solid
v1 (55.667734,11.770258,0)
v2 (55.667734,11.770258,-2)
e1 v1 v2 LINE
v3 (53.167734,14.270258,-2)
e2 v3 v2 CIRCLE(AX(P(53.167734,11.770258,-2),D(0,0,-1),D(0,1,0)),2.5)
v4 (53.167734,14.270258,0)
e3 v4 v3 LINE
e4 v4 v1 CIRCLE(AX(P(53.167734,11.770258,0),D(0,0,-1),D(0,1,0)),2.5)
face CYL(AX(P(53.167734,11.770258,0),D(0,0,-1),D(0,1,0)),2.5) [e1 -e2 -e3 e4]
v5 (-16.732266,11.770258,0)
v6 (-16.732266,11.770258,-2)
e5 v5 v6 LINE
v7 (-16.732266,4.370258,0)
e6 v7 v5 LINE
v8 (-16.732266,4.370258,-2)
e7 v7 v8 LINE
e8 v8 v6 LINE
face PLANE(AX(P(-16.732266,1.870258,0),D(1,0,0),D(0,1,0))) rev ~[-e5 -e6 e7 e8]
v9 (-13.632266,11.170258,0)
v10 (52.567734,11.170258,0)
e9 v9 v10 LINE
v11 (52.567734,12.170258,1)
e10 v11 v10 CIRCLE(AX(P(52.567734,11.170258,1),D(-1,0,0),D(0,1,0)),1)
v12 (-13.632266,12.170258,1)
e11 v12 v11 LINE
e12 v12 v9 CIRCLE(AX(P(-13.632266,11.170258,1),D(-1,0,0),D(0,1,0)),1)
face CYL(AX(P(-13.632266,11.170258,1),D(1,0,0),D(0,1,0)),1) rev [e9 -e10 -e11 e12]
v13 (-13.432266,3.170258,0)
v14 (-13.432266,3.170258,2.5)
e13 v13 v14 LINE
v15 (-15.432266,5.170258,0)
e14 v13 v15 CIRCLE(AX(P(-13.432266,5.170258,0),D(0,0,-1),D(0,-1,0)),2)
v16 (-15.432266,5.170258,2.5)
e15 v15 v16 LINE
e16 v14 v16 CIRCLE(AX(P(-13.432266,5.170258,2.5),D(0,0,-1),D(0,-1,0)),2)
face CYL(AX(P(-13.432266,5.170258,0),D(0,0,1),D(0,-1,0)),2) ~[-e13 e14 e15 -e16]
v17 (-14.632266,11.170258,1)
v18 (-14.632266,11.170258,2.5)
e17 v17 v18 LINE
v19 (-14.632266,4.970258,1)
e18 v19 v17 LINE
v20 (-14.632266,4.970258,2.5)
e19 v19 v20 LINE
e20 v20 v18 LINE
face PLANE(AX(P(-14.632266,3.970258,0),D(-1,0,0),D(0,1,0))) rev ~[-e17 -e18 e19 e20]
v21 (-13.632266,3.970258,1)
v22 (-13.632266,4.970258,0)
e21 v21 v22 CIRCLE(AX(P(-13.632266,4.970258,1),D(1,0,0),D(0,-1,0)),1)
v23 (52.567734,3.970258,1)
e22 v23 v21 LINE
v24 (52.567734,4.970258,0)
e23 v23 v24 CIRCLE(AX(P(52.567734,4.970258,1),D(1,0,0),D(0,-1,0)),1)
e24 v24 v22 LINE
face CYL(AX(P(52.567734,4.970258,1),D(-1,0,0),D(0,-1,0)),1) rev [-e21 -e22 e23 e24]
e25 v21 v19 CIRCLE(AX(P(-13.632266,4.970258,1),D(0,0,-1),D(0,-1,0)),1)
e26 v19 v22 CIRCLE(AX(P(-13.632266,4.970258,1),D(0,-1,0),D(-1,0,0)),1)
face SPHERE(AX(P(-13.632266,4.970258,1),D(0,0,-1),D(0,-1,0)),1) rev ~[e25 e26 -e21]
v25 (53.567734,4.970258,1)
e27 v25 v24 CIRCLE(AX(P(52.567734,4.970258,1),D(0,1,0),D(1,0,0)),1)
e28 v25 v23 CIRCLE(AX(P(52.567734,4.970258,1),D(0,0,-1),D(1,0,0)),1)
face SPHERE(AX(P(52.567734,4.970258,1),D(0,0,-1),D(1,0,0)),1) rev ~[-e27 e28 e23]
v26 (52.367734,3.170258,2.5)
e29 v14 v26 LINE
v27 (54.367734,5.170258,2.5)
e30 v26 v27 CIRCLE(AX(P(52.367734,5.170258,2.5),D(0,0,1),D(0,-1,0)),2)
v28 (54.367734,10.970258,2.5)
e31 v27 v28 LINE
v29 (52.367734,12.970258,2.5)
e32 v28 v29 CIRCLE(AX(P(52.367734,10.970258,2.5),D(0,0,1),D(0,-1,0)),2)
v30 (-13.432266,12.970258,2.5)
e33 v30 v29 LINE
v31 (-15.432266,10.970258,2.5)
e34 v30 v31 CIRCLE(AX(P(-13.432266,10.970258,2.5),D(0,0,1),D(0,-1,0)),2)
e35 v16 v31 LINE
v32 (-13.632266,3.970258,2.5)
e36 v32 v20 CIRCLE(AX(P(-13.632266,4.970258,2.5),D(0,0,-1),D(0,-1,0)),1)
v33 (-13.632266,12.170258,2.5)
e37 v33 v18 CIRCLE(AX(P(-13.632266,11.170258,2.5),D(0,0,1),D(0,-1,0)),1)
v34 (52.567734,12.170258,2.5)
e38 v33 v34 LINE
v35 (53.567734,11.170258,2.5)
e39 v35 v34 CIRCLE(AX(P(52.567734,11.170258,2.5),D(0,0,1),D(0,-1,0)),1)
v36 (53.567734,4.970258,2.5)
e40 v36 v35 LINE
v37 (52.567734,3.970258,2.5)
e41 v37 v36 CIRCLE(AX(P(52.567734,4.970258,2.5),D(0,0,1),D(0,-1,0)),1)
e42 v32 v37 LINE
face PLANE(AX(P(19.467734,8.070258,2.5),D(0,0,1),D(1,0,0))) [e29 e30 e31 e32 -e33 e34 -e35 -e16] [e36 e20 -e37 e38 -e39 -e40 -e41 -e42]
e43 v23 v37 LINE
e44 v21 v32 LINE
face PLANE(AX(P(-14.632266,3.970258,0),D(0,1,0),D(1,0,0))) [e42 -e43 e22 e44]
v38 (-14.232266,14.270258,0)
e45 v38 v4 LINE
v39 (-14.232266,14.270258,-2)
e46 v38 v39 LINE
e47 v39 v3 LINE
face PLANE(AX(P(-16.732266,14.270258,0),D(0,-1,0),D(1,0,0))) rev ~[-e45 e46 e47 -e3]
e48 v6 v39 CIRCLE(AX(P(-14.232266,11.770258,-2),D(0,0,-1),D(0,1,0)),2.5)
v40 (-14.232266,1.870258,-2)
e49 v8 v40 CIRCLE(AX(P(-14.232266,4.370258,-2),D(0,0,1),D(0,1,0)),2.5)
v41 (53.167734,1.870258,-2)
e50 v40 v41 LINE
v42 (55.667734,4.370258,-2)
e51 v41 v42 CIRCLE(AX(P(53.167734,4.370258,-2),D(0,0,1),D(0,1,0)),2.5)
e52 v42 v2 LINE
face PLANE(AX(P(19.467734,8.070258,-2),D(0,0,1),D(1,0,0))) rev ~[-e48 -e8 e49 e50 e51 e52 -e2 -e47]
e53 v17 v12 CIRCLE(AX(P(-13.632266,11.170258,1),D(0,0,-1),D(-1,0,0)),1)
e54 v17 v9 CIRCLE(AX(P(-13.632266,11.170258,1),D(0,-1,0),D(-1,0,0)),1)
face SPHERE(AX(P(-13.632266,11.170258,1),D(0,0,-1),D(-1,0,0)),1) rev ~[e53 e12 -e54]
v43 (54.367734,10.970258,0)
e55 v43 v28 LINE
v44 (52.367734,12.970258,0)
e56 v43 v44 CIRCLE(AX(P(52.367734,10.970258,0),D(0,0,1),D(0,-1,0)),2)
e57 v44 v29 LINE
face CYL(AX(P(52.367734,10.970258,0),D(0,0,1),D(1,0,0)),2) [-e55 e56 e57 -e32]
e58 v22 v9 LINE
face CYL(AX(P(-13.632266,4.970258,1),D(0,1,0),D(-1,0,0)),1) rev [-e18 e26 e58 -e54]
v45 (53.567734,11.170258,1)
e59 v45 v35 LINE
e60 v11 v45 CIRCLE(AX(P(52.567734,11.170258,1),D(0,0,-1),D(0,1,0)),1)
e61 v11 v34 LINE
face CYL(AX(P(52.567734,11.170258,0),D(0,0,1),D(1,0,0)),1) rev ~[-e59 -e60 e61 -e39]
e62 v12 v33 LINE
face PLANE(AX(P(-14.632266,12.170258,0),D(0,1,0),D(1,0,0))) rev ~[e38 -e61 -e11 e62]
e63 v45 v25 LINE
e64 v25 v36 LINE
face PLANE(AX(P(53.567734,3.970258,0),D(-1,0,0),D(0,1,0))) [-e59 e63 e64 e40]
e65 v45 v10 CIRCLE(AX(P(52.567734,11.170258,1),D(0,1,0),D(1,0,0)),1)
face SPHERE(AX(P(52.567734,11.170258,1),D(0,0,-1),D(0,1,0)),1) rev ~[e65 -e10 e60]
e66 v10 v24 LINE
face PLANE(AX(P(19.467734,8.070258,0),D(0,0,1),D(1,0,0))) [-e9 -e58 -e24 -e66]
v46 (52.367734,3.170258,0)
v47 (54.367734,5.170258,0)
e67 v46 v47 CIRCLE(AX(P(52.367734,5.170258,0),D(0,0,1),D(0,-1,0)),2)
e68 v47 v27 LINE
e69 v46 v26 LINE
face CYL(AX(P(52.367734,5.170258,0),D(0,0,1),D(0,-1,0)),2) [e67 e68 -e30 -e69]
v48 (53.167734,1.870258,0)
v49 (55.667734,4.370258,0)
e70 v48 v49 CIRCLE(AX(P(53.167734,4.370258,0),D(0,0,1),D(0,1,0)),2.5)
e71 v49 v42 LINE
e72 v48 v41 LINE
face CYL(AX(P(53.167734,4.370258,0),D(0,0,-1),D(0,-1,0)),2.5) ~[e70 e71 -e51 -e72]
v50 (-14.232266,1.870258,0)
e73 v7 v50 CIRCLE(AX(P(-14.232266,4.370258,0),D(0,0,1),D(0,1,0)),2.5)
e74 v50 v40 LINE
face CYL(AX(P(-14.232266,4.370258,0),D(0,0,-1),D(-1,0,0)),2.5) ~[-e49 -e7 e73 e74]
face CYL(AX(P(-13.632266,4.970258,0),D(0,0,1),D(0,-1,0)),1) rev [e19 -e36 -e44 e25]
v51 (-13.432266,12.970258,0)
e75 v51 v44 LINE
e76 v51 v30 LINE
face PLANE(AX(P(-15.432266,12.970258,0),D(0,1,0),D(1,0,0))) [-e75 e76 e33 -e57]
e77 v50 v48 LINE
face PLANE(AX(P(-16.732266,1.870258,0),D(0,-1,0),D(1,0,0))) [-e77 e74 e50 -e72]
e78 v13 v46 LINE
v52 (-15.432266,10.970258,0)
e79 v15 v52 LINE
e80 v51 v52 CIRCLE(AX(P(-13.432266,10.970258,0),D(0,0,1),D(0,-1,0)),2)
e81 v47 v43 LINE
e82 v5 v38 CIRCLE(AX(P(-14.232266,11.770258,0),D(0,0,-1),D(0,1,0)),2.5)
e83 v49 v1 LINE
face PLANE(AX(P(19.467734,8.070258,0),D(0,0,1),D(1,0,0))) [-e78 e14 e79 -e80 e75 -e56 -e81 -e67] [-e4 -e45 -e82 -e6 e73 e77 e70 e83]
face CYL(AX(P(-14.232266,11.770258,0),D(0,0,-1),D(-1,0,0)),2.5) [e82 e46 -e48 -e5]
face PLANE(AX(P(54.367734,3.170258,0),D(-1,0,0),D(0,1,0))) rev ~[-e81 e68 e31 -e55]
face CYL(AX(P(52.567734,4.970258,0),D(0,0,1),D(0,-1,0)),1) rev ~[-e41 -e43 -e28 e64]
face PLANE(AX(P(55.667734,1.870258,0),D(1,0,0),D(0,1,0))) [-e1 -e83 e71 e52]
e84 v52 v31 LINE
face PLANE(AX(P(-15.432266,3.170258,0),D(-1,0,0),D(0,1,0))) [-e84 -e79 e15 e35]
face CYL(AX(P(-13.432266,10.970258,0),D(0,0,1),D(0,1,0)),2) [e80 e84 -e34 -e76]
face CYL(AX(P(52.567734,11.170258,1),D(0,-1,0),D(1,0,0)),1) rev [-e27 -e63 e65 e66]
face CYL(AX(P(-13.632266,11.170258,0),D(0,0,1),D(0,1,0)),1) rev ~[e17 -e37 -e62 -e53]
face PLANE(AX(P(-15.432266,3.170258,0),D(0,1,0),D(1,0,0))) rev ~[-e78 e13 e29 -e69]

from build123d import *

# Parameters (mm, degrees)
F0_W     = 72.4
F0_H     = 12.4
F0_W_2   = 69.8
F0_H_2   = 9.8
F0_W_3   = 68.2
F0_H_3   = 8.2
F1_DEPTH = 2
F2_DEPTH = 2.5
F3_R     = 2.5
F4_R     = 2
F5_R     = 1
F6_R     = 1


with BuildPart() as f1:
    # F0 (on Top) → F1 (new body)
    with BuildSketch(Plane.XY):
        with Locations((19.4677342524, 8.0702581361)):
            Rectangle(F0_W, F0_H)
        with Locations((19.4677342524, 8.0702581361)):
            Rectangle(F0_W_2, F0_H_2, mode=Mode.SUBTRACT)
        with Locations((19.4677342524, 8.0702581361)):
            Rectangle(F0_W_2, F0_H_2)
        with Locations((19.4677342524, 8.0702581361)):
            Rectangle(F0_W_3, F0_H_3, mode=Mode.SUBTRACT)
        with Locations((19.4677342524, 8.0702581361)):
            Rectangle(F0_W_3, F0_H_3)
    extrude(amount=-F1_DEPTH)

    # F0 (on Top) → F2 (join)
    with BuildSketch(Plane.XY):
        with Locations((19.4677342524, 8.0702581361)):
            Rectangle(F0_W_2, F0_H_2)
        with Locations((19.4677342524, 8.0702581361)):
            Rectangle(F0_W_3, F0_H_3, mode=Mode.SUBTRACT)
    extrude(amount=F2_DEPTH)

    # F3
    f3_edges = [f1.edges().sort_by_distance(p)[0] for p in [
        (-16.732266, 14.270258, -1),
        (-16.732266, 1.870258, -1),
        (55.667734, 14.270258, -1),
        (55.667734, 1.870258, -1),
    ]]
    fillet(f3_edges, radius=F3_R)

    # F4
    f4_edges = [f1.edges().sort_by_distance(p)[0] for p in [
        (54.367734, 12.970258, 1.25),
        (54.367734, 3.170258, 1.25),
        (-15.432266, 12.970258, 1.25),
        (-15.432266, 3.170258, 1.25),
    ]]
    fillet(f4_edges, radius=F4_R)

    # F5
    f5_edges = [f1.edges().sort_by_distance(p)[0] for p in [
        (53.567734, 3.970258, 1.25),
        (53.567734, 12.170258, 1.25),
        (-14.632266, 3.970258, 1.25),
        (-14.632266, 12.170258, 1.25),
    ]]
    fillet(f5_edges, radius=F5_R)

    # F6
    f6_edges = [f1.edges().sort_by_distance(p)[0] for p in [
        (19.467734, 12.170258, 0),
        (53.567734, 8.070258, 0),
        (19.467734, 3.970258, 0),
        (-14.632266, 8.070258, 0),
    ]]
    fillet(f6_edges, radius=F6_R)


solid = f1.part
